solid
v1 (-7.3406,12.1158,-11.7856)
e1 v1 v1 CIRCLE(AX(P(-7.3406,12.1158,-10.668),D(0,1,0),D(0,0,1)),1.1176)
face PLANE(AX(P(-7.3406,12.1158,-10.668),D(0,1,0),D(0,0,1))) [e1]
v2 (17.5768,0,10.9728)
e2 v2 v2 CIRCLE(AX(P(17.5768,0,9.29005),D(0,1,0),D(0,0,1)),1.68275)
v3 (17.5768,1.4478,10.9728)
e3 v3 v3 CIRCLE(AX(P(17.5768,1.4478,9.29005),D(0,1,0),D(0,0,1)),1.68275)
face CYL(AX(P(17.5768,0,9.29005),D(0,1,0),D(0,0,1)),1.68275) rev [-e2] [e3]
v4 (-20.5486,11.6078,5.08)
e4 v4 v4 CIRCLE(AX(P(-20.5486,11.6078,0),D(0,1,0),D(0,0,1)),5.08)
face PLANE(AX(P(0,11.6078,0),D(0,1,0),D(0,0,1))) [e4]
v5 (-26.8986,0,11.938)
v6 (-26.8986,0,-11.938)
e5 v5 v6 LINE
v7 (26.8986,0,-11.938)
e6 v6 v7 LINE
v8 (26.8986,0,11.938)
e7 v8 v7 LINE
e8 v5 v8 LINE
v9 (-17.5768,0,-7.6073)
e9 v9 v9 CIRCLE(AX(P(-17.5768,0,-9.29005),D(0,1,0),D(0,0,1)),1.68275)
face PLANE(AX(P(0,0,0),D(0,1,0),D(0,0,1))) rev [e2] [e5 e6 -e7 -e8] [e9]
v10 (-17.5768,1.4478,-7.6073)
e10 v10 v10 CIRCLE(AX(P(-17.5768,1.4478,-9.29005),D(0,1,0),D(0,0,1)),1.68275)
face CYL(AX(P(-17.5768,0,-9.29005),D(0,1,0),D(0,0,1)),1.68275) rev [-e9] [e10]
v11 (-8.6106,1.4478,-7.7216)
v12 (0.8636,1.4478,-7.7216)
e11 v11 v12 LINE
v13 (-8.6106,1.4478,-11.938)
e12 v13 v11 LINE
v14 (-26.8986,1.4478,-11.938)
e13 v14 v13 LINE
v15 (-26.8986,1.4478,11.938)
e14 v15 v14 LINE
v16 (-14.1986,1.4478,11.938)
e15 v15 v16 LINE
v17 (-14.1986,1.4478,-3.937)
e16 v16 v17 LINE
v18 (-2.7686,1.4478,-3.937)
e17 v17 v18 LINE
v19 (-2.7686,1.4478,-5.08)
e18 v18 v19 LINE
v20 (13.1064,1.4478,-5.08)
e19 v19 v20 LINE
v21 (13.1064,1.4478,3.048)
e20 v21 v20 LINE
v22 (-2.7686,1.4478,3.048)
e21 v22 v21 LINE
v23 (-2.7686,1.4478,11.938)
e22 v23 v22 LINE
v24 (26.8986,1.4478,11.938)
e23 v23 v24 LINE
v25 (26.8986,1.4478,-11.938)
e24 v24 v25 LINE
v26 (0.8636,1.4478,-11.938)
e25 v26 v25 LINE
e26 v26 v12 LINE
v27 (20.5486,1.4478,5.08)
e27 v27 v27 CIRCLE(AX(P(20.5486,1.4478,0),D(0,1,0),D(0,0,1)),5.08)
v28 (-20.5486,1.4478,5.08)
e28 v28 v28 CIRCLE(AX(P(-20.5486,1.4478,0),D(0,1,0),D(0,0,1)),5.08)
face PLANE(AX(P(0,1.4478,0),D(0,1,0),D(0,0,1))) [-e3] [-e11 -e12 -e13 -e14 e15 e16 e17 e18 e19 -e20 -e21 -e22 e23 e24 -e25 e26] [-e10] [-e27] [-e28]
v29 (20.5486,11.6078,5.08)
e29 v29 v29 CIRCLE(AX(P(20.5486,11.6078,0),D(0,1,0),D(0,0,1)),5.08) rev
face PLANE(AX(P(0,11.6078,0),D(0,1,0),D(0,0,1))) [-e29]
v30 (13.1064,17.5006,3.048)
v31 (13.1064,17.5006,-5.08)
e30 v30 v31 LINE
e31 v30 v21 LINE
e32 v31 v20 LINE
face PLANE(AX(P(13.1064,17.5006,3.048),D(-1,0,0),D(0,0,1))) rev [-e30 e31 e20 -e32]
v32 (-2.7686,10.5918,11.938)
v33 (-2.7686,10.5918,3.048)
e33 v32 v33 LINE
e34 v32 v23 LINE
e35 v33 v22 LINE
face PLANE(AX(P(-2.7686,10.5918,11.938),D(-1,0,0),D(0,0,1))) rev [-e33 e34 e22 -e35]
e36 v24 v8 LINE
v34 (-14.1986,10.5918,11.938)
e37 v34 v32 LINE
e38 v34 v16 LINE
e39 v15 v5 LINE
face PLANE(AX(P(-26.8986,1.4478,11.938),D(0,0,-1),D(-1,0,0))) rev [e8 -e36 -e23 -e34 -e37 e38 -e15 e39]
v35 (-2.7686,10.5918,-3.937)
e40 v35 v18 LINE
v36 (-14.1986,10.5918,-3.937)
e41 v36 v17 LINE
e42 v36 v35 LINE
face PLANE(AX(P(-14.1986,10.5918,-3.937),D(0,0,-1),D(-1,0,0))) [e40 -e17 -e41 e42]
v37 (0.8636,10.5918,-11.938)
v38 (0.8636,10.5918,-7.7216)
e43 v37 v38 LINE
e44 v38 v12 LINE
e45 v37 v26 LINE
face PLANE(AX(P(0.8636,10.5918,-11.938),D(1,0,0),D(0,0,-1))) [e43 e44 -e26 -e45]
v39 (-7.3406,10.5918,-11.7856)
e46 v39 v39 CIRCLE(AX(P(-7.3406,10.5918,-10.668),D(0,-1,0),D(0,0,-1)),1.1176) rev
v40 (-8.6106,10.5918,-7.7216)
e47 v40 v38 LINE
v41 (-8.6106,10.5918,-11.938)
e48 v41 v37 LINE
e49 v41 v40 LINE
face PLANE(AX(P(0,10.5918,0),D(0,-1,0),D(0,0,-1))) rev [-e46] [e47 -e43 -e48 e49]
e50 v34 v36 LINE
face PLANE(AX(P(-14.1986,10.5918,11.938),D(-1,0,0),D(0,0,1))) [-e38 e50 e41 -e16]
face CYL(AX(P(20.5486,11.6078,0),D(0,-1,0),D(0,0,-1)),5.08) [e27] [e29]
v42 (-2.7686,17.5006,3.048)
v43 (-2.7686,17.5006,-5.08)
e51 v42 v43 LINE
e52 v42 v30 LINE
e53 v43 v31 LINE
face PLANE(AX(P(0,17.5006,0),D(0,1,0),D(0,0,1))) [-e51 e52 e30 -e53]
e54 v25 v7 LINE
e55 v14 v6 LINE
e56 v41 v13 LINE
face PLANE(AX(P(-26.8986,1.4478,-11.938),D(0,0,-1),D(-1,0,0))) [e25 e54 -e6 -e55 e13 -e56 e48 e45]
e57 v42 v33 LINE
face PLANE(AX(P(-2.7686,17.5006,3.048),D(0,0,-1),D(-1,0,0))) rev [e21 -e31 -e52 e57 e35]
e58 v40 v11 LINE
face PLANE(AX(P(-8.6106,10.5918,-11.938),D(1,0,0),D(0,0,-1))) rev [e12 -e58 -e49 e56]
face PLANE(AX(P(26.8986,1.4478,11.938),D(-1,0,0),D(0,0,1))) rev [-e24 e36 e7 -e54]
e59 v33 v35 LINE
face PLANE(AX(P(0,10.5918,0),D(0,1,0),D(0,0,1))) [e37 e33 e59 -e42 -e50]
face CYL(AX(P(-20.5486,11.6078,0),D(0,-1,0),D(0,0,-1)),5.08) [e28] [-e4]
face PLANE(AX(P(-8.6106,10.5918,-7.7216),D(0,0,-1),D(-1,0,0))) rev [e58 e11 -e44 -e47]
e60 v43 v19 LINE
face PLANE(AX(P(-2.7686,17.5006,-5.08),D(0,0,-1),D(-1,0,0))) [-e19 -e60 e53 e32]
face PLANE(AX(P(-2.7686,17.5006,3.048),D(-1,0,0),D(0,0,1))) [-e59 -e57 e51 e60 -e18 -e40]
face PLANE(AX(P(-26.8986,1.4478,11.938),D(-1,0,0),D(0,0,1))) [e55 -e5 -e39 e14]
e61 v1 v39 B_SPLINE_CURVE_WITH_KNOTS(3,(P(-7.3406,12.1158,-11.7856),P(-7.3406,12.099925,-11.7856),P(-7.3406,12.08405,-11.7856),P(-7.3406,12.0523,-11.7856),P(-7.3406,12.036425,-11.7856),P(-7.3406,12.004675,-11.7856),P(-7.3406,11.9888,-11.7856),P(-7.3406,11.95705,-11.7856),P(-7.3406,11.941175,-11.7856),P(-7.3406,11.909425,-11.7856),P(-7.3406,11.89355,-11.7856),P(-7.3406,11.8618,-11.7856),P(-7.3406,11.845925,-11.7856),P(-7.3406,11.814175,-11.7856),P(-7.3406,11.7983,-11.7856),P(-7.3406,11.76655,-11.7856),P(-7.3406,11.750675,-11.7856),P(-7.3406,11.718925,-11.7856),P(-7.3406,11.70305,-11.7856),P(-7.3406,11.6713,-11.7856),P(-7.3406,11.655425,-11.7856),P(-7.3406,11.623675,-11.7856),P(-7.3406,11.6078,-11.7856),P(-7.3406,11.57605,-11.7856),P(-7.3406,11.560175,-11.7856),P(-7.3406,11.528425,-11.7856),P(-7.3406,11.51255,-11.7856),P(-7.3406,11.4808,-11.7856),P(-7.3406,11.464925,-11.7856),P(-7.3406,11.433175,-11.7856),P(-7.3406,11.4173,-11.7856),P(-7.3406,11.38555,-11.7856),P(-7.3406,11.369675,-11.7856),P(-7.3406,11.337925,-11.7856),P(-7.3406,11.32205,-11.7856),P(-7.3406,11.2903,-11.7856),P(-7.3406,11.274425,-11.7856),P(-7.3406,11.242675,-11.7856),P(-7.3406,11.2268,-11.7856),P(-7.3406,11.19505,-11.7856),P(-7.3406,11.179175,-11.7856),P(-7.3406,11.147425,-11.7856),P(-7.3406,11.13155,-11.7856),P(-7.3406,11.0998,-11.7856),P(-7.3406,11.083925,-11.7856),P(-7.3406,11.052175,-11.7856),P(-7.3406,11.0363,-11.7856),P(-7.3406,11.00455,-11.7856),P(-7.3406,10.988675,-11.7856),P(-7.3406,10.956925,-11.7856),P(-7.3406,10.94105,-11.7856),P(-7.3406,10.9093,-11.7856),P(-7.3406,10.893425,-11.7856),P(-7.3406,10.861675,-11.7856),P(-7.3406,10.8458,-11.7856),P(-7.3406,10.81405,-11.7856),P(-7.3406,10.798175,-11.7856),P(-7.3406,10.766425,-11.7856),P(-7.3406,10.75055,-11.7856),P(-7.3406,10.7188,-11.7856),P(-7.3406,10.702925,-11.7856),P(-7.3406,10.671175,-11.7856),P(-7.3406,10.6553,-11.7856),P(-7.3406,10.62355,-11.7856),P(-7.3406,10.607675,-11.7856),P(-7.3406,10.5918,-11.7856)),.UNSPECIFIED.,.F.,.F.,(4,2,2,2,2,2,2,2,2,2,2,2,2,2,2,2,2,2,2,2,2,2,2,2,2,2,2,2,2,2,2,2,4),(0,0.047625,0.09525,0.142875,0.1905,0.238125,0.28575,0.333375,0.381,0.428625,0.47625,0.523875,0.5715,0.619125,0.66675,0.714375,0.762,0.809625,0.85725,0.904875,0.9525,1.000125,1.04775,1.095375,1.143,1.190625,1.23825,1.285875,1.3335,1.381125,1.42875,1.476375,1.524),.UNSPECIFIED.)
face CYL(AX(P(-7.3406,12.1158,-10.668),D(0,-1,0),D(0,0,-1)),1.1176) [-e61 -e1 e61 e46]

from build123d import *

# Parameters (mm, degrees)
SKETCH1_W           = 53.7972
SKETCH1_H           = 23.876
BOSS_EXTRUDE1_DEPTH = 1.4478
SKETCH2_R           = 1.68275
CUT_EXTRUDE1_DEPTH  = 30.464328446
SKETCH3_R           = 5.08
BOSS_EXTRUDE2_DEPTH = 10.16
SKETCH4_W           = 11.43
SKETCH4_H           = 15.875
BOSS_EXTRUDE3_DEPTH = 9.144
SKETCH5_W           = 9.4742
SKETCH5_H           = 4.2164
BOSS_EXTRUDE4_DEPTH = 9.144
SKETCH6_R           = 1.1176
BOSS_EXTRUDE5_DEPTH = 1.524
SKETCH7_W           = 15.875
SKETCH7_H           = 8.128
BOSS_EXTRUDE6_DEPTH = 16.0528


with BuildPart() as part:
    # Sketch1 → Boss-Extrude1 (new body)
    with BuildSketch(Plane(origin=(0, 0, 0), x_dir=(1, 0, 0), z_dir=(0, 1, 0))):
        Rectangle(SKETCH1_W, SKETCH1_H)
    extrude(amount=BOSS_EXTRUDE1_DEPTH)

    # Sketch2 → Cut-Extrude1 (cut, through all)
    with BuildSketch(Plane(origin=(0, 1.4478, 0), x_dir=(1, 0, 0), z_dir=(0, 1, 0))):
        with Locations(Location((17.5768, -9.29005, 0), (0, 0, 270))):
            Circle(SKETCH2_R)
        with Locations(Location((-17.5768, 9.29005, 0), (0, 0, 270))):
            Circle(SKETCH2_R)
    extrude(amount=-CUT_EXTRUDE1_DEPTH, mode=Mode.SUBTRACT)

    # Sketch3 → Boss-Extrude2 (add)
    with BuildSketch(Plane(origin=(0, 1.4478, 0), x_dir=(1, 0, 0), z_dir=(0, 1, 0))):
        with Locations(Location((20.5486, 0, 0), (0, 0, 270))):
            Circle(SKETCH3_R)
        with Locations(Location((-20.5486, 0, 0), (0, 0, 270))):
            Circle(SKETCH3_R)
    extrude(amount=BOSS_EXTRUDE2_DEPTH)

    # Sketch4 → Boss-Extrude3 (add)
    with BuildSketch(Plane(origin=(0, 1.4478, 0), x_dir=(1, 0, 0), z_dir=(0, 1, 0))):
        with Locations((-8.4836, -4.0005)):
            Rectangle(SKETCH4_W, SKETCH4_H)
    extrude(amount=BOSS_EXTRUDE3_DEPTH)

    # Sketch5 → Boss-Extrude4 (add)
    with BuildSketch(Plane(origin=(0, 1.4478, 0), x_dir=(1, 0, 0), z_dir=(0, 1, 0))):
        with Locations((-3.8735, 9.8298)):
            Rectangle(SKETCH5_W, SKETCH5_H)
    extrude(amount=BOSS_EXTRUDE4_DEPTH)

    # Sketch6 → Boss-Extrude5 (add)
    with BuildSketch(Plane(origin=(0, 10.5918, 0), x_dir=(1, 0, 0), z_dir=(0, 1, 0))):
        with Locations(Location((-7.3406, 10.668, 0), (0, 0, 90))):
            Circle(SKETCH6_R)
    extrude(amount=BOSS_EXTRUDE5_DEPTH)

    # Sketch7 → Boss-Extrude6 (add)
    with BuildSketch(Plane(origin=(0, 1.4478, 0), x_dir=(1, 0, 0), z_dir=(0, 1, 0))):
        with Locations((5.1689, 1.016)):
            Rectangle(SKETCH7_W, SKETCH7_H)
    extrude(amount=BOSS_EXTRUDE6_DEPTH)


solid = part.part
